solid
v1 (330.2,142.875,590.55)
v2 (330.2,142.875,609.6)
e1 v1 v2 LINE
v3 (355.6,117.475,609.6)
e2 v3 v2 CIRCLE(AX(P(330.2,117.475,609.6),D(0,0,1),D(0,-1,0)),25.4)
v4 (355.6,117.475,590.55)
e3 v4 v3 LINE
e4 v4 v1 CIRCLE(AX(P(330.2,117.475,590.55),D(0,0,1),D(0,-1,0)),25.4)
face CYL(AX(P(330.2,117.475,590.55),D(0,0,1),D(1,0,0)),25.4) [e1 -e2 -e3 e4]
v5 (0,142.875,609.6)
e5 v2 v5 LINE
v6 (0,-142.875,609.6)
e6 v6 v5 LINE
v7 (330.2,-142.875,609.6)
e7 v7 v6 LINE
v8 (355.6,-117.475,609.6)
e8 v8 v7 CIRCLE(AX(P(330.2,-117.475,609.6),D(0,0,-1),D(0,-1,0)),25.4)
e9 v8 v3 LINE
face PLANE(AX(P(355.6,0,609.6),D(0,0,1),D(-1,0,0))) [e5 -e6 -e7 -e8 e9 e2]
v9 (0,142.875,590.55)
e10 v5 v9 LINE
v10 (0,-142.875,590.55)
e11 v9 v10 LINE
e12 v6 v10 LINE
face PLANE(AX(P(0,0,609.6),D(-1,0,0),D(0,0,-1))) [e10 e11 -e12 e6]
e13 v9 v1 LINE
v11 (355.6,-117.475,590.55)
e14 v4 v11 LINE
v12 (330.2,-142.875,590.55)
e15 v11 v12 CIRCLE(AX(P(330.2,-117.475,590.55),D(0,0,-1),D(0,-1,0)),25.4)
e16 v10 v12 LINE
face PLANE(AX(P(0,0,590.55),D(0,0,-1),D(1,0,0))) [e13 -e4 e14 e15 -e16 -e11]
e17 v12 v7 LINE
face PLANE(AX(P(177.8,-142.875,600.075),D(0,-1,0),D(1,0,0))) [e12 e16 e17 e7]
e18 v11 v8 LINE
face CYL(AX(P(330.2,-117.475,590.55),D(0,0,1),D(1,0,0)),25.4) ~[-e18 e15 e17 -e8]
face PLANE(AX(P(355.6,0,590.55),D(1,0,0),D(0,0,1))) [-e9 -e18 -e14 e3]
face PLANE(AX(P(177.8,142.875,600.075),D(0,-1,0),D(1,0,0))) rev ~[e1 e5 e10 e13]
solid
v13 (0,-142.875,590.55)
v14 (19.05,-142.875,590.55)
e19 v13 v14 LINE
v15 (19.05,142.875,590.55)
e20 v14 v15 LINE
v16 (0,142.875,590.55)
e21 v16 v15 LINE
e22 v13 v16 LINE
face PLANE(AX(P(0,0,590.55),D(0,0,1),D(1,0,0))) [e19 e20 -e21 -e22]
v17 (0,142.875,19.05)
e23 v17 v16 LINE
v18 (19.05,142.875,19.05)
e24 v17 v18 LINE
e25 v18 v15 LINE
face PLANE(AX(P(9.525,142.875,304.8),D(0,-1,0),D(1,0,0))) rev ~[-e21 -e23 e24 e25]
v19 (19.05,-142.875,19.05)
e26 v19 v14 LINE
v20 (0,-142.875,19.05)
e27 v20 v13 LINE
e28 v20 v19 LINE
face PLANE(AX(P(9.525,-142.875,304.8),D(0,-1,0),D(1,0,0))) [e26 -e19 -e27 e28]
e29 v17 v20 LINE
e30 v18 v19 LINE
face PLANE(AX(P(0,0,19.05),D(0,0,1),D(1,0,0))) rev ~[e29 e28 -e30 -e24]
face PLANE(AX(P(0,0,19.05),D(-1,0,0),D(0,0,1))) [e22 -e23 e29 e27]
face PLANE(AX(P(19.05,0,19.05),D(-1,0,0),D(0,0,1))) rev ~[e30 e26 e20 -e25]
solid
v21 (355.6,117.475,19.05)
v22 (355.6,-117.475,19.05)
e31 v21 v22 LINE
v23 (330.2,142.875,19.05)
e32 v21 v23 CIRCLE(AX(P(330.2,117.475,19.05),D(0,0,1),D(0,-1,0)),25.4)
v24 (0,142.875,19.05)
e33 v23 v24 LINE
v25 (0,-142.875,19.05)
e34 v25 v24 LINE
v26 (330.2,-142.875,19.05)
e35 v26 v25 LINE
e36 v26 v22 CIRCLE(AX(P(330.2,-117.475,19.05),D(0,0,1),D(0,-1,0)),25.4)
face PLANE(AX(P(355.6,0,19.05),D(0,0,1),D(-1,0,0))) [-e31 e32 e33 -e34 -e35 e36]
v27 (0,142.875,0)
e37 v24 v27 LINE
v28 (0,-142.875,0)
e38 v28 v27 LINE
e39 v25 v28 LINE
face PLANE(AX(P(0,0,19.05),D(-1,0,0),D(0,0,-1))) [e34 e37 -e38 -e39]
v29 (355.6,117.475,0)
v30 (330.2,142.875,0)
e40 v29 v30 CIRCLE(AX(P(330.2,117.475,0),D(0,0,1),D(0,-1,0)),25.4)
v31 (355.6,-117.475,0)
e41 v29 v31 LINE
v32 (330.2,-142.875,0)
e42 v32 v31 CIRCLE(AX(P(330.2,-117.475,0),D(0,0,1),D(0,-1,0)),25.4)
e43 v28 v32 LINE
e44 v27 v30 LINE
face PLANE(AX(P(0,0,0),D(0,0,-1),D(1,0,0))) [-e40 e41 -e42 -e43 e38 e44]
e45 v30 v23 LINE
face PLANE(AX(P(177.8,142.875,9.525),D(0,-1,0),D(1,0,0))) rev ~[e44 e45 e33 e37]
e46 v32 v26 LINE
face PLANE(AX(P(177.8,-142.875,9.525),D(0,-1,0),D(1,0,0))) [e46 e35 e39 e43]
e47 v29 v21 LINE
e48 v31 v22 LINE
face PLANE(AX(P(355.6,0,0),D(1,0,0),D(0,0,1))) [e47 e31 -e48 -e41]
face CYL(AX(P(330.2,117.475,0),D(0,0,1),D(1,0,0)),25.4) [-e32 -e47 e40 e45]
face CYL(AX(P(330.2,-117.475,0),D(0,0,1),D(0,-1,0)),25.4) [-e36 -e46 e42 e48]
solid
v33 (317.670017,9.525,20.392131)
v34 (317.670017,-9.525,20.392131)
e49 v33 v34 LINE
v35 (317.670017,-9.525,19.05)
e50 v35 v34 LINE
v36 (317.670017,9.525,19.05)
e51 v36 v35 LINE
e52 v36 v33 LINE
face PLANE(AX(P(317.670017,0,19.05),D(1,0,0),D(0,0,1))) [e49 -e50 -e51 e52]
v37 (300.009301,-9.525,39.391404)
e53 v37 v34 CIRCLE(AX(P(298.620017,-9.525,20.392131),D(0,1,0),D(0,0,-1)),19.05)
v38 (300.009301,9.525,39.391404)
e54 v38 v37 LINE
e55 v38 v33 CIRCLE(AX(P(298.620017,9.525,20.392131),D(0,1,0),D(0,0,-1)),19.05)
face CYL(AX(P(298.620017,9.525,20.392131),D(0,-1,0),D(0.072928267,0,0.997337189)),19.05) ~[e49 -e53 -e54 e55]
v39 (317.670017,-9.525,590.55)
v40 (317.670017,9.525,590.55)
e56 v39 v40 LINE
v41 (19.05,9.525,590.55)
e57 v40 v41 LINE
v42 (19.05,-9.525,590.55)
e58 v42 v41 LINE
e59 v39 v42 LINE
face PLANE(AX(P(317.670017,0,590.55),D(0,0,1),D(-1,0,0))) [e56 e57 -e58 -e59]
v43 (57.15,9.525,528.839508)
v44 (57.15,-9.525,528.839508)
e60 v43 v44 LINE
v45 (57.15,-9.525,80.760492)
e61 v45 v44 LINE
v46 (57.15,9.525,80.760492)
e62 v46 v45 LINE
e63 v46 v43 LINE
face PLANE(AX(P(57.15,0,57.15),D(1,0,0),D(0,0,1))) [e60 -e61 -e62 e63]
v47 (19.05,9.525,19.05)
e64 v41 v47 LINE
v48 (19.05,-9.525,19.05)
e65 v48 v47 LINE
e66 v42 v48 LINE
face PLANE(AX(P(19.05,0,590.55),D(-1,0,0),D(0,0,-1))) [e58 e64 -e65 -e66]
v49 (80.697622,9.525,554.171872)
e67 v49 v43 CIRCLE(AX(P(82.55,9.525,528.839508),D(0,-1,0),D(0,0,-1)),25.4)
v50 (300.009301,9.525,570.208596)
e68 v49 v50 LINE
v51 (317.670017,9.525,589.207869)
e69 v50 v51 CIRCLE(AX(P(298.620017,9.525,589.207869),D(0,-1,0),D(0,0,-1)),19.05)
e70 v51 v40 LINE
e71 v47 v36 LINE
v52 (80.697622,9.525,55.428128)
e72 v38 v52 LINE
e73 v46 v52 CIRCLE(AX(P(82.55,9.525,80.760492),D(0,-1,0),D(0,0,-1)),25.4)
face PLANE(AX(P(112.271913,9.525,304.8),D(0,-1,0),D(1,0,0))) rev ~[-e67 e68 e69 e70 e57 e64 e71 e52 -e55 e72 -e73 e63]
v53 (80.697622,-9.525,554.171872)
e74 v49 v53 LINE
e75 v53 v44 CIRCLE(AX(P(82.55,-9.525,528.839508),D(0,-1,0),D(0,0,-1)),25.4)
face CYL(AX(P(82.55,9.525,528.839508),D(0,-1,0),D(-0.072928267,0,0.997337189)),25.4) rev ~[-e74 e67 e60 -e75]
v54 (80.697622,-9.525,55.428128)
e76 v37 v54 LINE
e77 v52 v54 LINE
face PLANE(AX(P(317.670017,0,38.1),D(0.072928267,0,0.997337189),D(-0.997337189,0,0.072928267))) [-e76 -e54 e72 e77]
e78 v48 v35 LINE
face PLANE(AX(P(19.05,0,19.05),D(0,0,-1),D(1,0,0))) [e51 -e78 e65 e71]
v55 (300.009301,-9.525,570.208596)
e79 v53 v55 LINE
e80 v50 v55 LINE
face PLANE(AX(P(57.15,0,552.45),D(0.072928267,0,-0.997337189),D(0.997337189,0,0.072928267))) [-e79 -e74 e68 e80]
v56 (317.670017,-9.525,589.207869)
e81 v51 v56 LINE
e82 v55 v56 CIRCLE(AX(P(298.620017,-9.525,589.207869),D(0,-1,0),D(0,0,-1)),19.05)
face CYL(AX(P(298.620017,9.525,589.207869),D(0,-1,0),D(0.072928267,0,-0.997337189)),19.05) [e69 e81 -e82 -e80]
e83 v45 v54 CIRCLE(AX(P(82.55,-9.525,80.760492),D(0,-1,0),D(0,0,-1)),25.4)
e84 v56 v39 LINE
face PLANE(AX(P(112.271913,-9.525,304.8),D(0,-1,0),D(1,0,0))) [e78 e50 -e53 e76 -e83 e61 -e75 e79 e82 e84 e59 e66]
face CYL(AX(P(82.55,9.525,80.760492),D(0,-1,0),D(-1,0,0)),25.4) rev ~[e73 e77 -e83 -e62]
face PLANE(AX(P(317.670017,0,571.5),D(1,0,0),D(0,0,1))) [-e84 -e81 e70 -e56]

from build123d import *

# Parameters (mm, degrees)
F1_DEPTH      = 142.875
F0_W          = 19.05
F0_H          = 571.5
F2_DEPTH      = 142.875
F2_DEPTH_BACK = 142.875
F3_DEPTH      = 142.875
F3_DEPTH_BACK = 142.875
F4_DEPTH      = 9.525
F5_R          = 25.4
F6_R          = 19.05
F7_R          = 25.4
F7_2_R        = 25.4


with BuildPart() as f1:
    # F0 (on Front) → F1 (new body, symmetric)
    with BuildSketch(Plane.XZ):
        Polygon((0, 609.6), (0, 590.55), (19.05, 590.55), (317.6700174809, 590.55), (355.6, 590.55), (355.6, 609.6), align=None)
    extrude(amount=F1_DEPTH, both=True)

    # F7
    f7_edges = [f1.edges().sort_by_distance(p)[0] for p in [
        (355.6, -142.875, 600.075),
        (355.6, 142.875, 600.075),
    ]]
    fillet(f7_edges, radius=F7_R)


with BuildPart() as f2:
    # F0 (on Front) → F2 (new body, two sides)
    with BuildSketch(Plane.XZ) as f2_sk:
        with Locations((9.525, 304.8)):
            Rectangle(F0_W, F0_H)
    extrude(amount=-F2_DEPTH)
    extrude(f2_sk.sketch, amount=F2_DEPTH_BACK)


with BuildPart() as f3:
    # F0 (on Front) → F3 (new body, two sides)
    with BuildSketch(Plane.XZ) as f3_sk:
        Polygon((0, 0), (355.6, 0), (355.6, 19.05), (317.6700174809, 19.05), (19.05, 19.05), (0, 19.05), align=None)
    extrude(amount=F3_DEPTH)
    extrude(f3_sk.sketch, amount=-F3_DEPTH_BACK)

    # F7#2
    f7_2_edges = [f3.edges().sort_by_distance(p)[0] for p in [
        (355.6, 142.875, 9.525),
        (355.6, -142.875, 9.525),
    ]]
    fillet(f7_2_edges, radius=F7_2_R)


with BuildPart() as f4:
    # F0 (on Front) → F4 (new body, symmetric)
    with BuildSketch(Plane.XZ):
        Polygon((19.05, 19.05), (317.6700174809, 19.05), (317.6700174809, 38.1), (57.15, 57.15), (57.15, 552.45), (317.6700174809, 571.5), (317.6700174809, 590.55), (19.05, 590.55), align=None)
    extrude(amount=F4_DEPTH, both=True)

    # F5
    f5_edges = [f4.edges().sort_by_distance(p)[0] for p in [
        (57.15, 0, 552.45),
        (57.15, 0, 57.15),
    ]]
    fillet(f5_edges, radius=F5_R)

    # F6
    f6_edges = [f4.edges().sort_by_distance(p)[0] for p in [
        (317.670017, 0, 571.5),
        (317.670017, 0, 38.1),
    ]]
    fillet(f6_edges, radius=F6_R)


solid = Compound([f1.part, f2.part, f3.part, f4.part])
